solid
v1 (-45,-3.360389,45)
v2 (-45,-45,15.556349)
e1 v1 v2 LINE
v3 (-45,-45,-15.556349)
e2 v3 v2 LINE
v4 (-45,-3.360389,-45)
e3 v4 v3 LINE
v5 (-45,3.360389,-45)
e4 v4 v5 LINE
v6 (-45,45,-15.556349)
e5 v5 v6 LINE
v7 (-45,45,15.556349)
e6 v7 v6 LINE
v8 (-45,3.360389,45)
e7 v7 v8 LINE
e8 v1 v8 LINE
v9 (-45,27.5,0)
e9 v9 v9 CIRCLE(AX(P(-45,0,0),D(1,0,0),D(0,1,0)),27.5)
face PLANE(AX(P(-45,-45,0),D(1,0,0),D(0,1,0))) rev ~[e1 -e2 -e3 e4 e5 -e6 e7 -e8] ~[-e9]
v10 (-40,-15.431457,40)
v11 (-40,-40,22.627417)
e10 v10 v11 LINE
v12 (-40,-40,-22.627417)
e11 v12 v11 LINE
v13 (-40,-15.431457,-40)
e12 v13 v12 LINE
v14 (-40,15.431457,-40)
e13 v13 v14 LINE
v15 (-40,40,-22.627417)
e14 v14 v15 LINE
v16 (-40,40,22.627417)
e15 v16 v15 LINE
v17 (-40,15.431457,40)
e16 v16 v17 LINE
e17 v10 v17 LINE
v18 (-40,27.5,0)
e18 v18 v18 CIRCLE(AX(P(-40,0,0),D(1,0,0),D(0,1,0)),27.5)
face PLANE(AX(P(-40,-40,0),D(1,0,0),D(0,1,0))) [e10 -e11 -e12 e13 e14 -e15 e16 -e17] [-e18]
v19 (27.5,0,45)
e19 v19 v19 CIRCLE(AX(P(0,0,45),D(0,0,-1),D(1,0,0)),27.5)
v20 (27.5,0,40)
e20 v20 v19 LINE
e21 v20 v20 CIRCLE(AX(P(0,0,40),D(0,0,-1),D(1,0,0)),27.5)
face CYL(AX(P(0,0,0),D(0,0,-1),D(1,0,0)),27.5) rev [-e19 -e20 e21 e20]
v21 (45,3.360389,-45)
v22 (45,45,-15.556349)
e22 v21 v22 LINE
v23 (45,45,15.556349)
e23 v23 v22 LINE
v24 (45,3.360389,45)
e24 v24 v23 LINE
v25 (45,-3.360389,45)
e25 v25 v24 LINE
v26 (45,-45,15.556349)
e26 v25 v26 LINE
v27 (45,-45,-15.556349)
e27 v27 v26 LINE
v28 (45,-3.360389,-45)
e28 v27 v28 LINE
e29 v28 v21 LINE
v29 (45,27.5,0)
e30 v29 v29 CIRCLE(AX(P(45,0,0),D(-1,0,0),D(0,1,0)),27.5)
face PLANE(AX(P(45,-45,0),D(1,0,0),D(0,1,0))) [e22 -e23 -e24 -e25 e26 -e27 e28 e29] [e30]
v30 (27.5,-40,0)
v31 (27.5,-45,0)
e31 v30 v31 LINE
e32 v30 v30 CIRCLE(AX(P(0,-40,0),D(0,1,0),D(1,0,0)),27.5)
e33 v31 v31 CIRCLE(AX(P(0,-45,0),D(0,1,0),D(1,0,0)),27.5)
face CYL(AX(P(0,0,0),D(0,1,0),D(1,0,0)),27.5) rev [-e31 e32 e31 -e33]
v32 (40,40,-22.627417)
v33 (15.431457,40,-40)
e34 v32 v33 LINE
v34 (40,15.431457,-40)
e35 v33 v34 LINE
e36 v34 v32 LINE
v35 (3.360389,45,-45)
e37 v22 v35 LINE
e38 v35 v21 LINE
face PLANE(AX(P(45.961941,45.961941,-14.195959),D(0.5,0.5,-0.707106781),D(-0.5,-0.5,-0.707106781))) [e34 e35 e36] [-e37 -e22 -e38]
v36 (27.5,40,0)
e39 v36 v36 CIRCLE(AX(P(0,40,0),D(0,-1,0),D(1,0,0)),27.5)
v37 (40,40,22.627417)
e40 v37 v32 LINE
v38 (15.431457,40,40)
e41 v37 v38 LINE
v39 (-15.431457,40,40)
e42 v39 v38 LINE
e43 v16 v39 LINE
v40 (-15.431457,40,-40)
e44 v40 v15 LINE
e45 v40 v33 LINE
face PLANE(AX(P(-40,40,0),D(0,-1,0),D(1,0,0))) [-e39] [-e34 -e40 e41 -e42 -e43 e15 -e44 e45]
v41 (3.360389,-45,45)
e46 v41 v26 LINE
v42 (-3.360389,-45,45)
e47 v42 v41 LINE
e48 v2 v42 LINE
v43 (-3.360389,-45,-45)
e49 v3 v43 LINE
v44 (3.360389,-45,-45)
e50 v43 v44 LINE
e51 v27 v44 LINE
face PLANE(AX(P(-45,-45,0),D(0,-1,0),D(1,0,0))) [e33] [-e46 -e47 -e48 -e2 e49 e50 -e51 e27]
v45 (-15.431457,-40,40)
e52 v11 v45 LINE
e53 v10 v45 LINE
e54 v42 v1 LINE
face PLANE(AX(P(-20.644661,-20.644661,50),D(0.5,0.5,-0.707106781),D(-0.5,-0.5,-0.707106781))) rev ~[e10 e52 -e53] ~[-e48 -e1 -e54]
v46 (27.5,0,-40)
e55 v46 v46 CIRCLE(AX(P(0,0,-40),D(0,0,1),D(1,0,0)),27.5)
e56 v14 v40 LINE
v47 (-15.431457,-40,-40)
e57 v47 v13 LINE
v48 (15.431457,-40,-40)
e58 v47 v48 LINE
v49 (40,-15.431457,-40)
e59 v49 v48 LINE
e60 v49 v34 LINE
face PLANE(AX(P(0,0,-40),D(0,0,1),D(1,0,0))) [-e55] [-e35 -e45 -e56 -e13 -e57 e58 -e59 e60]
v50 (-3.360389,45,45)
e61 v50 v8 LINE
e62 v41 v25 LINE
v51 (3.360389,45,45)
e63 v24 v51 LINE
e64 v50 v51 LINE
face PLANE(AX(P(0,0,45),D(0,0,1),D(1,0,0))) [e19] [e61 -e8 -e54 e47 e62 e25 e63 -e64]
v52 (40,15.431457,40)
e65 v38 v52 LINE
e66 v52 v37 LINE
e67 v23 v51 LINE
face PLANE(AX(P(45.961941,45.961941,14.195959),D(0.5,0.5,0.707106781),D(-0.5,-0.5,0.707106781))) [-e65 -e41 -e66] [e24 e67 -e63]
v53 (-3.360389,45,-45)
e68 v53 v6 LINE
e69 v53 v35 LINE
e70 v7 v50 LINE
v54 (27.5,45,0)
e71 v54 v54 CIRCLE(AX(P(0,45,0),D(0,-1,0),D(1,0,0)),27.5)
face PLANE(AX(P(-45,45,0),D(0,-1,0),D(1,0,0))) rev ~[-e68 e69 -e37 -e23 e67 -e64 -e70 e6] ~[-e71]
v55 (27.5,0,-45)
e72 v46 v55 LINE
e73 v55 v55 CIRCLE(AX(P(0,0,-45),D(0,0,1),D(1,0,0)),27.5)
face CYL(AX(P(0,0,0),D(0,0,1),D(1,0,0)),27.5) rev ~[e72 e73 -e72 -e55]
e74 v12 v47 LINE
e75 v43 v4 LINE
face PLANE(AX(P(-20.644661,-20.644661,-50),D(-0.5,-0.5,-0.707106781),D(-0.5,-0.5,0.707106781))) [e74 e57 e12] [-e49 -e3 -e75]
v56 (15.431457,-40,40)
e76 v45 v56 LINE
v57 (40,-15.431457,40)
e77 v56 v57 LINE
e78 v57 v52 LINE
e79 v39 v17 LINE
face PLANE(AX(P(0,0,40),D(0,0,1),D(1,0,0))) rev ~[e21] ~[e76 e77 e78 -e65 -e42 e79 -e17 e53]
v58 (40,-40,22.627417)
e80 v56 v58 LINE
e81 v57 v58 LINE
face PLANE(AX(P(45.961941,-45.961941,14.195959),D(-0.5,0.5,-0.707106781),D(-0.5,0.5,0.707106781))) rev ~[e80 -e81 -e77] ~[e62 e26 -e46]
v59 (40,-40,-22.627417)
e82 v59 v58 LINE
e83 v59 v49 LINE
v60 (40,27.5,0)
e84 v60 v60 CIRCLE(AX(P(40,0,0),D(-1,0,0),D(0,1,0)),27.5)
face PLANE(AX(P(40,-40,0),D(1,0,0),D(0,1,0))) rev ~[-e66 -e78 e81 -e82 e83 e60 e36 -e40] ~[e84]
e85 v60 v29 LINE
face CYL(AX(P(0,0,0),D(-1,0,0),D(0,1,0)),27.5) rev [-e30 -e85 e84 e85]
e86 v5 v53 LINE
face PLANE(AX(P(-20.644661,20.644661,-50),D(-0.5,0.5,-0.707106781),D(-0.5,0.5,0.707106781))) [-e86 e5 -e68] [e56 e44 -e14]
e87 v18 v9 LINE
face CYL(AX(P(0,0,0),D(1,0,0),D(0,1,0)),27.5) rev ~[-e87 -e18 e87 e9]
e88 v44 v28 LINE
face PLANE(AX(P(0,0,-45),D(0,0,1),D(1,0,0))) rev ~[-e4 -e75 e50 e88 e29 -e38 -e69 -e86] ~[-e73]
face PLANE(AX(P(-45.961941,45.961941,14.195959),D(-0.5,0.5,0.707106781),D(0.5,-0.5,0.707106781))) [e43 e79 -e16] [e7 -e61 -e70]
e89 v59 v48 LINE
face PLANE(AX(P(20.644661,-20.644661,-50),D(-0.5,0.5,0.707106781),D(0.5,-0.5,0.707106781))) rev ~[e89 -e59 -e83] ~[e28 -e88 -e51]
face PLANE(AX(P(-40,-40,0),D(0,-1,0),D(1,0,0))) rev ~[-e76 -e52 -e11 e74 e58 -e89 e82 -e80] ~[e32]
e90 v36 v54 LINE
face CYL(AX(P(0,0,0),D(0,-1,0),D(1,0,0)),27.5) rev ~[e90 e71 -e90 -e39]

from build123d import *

# Parameters (mm, degrees)
SKETCH_W             = 90
SKETCH_H             = 90
PAD_DEPTH            = 45
SKETCH001_W          = 80
SKETCH001_H          = 80
POCKET_DEPTH         = 40
SKETCH002_R          = 27.5
POCKET001_DEPTH      = 45.001
POCKET001_DEPTH_BACK = -45.001
SKETCH003_R          = 27.5
POCKET002_DEPTH      = 45.001
POCKET002_DEPTH_BACK = -45.001
SKETCH004_R          = 27.5
POCKET003_DEPTH      = 45.001
POCKET003_DEPTH_BACK = -45.001
POCKET004_DEPTH      = 63.64061
POCKET004_DEPTH_BACK = -63.64061
POCKET005_DEPTH      = 63.64061
POCKET005_DEPTH_BACK = -63.64061


with BuildPart() as part:
    # Sketch → Pad (new body, symmetric)
    with BuildSketch(Plane.XY):
        Rectangle(SKETCH_W, SKETCH_H)
    extrude(amount=PAD_DEPTH, both=True)

    # Sketch001 → Pocket (cut, symmetric)
    with BuildSketch(Plane.XY):
        Rectangle(SKETCH001_W, SKETCH001_H)
    extrude(amount=POCKET_DEPTH, both=True, mode=Mode.SUBTRACT)

    # Sketch002 → Pocket001 (cut, two sides)
    with BuildSketch(Plane.XY) as pocket001_sk:
        Circle(SKETCH002_R)
    extrude(amount=-POCKET001_DEPTH, mode=Mode.SUBTRACT)
    extrude(pocket001_sk.sketch, amount=-POCKET001_DEPTH_BACK, mode=Mode.SUBTRACT)

    # Sketch003 → Pocket002 (cut, two sides)
    with BuildSketch(Plane.XZ) as pocket002_sk:
        Circle(SKETCH003_R)
    extrude(amount=-POCKET002_DEPTH, mode=Mode.SUBTRACT)
    extrude(pocket002_sk.sketch, amount=-POCKET002_DEPTH_BACK, mode=Mode.SUBTRACT)

    # Sketch004 → Pocket003 (cut, two sides)
    with BuildSketch(Plane.YZ) as pocket003_sk:
        Circle(SKETCH004_R)
    extrude(amount=-POCKET003_DEPTH, mode=Mode.SUBTRACT)
    extrude(pocket003_sk.sketch, amount=-POCKET003_DEPTH_BACK, mode=Mode.SUBTRACT)

    # Sketch005 → Pocket004 (cut, two sides)
    with BuildSketch(Plane(origin=(0, 0, 0), x_dir=(0.707107, 0.707107, 0), z_dir=(0.707107, -0.707107, 0))) as pocket004_sk:
        Polygon((-65, 14.195959), (-65, 50), (-29.195959, 50), align=None)
        Polygon((29.195959, 50), (65, 50), (65, 14.195959), align=None)
        Polygon((-65, -14.195959), (-65, -50), (-29.195959, -50), align=None)
        Polygon((29.195959, -50), (65, -50), (65, -14.195959), align=None)
    extrude(amount=-POCKET004_DEPTH, mode=Mode.SUBTRACT)
    extrude(pocket004_sk.sketch, amount=-POCKET004_DEPTH_BACK, mode=Mode.SUBTRACT)

    # Sketch006 → Pocket005 (cut, two sides)
    with BuildSketch(Plane(origin=(0, 0, 0), x_dir=(0.707107, -0.707107, 0), z_dir=(-0.707107, -0.707107, 0))) as pocket005_sk:
        Polygon((-65, 50), (-65, 14.195959), (-29.195959, 50), align=None)
        Polygon((29.195959, 50), (65, 50), (65, 14.195959), align=None)
        Polygon((65, -14.195959), (65, -50), (29.195959, -50), align=None)
        Polygon((-65, -14.195959), (-65, -50), (-29.195959, -50), align=None)
    extrude(amount=-POCKET005_DEPTH, mode=Mode.SUBTRACT)
    extrude(pocket005_sk.sketch, amount=-POCKET005_DEPTH_BACK, mode=Mode.SUBTRACT)


solid = part.part
